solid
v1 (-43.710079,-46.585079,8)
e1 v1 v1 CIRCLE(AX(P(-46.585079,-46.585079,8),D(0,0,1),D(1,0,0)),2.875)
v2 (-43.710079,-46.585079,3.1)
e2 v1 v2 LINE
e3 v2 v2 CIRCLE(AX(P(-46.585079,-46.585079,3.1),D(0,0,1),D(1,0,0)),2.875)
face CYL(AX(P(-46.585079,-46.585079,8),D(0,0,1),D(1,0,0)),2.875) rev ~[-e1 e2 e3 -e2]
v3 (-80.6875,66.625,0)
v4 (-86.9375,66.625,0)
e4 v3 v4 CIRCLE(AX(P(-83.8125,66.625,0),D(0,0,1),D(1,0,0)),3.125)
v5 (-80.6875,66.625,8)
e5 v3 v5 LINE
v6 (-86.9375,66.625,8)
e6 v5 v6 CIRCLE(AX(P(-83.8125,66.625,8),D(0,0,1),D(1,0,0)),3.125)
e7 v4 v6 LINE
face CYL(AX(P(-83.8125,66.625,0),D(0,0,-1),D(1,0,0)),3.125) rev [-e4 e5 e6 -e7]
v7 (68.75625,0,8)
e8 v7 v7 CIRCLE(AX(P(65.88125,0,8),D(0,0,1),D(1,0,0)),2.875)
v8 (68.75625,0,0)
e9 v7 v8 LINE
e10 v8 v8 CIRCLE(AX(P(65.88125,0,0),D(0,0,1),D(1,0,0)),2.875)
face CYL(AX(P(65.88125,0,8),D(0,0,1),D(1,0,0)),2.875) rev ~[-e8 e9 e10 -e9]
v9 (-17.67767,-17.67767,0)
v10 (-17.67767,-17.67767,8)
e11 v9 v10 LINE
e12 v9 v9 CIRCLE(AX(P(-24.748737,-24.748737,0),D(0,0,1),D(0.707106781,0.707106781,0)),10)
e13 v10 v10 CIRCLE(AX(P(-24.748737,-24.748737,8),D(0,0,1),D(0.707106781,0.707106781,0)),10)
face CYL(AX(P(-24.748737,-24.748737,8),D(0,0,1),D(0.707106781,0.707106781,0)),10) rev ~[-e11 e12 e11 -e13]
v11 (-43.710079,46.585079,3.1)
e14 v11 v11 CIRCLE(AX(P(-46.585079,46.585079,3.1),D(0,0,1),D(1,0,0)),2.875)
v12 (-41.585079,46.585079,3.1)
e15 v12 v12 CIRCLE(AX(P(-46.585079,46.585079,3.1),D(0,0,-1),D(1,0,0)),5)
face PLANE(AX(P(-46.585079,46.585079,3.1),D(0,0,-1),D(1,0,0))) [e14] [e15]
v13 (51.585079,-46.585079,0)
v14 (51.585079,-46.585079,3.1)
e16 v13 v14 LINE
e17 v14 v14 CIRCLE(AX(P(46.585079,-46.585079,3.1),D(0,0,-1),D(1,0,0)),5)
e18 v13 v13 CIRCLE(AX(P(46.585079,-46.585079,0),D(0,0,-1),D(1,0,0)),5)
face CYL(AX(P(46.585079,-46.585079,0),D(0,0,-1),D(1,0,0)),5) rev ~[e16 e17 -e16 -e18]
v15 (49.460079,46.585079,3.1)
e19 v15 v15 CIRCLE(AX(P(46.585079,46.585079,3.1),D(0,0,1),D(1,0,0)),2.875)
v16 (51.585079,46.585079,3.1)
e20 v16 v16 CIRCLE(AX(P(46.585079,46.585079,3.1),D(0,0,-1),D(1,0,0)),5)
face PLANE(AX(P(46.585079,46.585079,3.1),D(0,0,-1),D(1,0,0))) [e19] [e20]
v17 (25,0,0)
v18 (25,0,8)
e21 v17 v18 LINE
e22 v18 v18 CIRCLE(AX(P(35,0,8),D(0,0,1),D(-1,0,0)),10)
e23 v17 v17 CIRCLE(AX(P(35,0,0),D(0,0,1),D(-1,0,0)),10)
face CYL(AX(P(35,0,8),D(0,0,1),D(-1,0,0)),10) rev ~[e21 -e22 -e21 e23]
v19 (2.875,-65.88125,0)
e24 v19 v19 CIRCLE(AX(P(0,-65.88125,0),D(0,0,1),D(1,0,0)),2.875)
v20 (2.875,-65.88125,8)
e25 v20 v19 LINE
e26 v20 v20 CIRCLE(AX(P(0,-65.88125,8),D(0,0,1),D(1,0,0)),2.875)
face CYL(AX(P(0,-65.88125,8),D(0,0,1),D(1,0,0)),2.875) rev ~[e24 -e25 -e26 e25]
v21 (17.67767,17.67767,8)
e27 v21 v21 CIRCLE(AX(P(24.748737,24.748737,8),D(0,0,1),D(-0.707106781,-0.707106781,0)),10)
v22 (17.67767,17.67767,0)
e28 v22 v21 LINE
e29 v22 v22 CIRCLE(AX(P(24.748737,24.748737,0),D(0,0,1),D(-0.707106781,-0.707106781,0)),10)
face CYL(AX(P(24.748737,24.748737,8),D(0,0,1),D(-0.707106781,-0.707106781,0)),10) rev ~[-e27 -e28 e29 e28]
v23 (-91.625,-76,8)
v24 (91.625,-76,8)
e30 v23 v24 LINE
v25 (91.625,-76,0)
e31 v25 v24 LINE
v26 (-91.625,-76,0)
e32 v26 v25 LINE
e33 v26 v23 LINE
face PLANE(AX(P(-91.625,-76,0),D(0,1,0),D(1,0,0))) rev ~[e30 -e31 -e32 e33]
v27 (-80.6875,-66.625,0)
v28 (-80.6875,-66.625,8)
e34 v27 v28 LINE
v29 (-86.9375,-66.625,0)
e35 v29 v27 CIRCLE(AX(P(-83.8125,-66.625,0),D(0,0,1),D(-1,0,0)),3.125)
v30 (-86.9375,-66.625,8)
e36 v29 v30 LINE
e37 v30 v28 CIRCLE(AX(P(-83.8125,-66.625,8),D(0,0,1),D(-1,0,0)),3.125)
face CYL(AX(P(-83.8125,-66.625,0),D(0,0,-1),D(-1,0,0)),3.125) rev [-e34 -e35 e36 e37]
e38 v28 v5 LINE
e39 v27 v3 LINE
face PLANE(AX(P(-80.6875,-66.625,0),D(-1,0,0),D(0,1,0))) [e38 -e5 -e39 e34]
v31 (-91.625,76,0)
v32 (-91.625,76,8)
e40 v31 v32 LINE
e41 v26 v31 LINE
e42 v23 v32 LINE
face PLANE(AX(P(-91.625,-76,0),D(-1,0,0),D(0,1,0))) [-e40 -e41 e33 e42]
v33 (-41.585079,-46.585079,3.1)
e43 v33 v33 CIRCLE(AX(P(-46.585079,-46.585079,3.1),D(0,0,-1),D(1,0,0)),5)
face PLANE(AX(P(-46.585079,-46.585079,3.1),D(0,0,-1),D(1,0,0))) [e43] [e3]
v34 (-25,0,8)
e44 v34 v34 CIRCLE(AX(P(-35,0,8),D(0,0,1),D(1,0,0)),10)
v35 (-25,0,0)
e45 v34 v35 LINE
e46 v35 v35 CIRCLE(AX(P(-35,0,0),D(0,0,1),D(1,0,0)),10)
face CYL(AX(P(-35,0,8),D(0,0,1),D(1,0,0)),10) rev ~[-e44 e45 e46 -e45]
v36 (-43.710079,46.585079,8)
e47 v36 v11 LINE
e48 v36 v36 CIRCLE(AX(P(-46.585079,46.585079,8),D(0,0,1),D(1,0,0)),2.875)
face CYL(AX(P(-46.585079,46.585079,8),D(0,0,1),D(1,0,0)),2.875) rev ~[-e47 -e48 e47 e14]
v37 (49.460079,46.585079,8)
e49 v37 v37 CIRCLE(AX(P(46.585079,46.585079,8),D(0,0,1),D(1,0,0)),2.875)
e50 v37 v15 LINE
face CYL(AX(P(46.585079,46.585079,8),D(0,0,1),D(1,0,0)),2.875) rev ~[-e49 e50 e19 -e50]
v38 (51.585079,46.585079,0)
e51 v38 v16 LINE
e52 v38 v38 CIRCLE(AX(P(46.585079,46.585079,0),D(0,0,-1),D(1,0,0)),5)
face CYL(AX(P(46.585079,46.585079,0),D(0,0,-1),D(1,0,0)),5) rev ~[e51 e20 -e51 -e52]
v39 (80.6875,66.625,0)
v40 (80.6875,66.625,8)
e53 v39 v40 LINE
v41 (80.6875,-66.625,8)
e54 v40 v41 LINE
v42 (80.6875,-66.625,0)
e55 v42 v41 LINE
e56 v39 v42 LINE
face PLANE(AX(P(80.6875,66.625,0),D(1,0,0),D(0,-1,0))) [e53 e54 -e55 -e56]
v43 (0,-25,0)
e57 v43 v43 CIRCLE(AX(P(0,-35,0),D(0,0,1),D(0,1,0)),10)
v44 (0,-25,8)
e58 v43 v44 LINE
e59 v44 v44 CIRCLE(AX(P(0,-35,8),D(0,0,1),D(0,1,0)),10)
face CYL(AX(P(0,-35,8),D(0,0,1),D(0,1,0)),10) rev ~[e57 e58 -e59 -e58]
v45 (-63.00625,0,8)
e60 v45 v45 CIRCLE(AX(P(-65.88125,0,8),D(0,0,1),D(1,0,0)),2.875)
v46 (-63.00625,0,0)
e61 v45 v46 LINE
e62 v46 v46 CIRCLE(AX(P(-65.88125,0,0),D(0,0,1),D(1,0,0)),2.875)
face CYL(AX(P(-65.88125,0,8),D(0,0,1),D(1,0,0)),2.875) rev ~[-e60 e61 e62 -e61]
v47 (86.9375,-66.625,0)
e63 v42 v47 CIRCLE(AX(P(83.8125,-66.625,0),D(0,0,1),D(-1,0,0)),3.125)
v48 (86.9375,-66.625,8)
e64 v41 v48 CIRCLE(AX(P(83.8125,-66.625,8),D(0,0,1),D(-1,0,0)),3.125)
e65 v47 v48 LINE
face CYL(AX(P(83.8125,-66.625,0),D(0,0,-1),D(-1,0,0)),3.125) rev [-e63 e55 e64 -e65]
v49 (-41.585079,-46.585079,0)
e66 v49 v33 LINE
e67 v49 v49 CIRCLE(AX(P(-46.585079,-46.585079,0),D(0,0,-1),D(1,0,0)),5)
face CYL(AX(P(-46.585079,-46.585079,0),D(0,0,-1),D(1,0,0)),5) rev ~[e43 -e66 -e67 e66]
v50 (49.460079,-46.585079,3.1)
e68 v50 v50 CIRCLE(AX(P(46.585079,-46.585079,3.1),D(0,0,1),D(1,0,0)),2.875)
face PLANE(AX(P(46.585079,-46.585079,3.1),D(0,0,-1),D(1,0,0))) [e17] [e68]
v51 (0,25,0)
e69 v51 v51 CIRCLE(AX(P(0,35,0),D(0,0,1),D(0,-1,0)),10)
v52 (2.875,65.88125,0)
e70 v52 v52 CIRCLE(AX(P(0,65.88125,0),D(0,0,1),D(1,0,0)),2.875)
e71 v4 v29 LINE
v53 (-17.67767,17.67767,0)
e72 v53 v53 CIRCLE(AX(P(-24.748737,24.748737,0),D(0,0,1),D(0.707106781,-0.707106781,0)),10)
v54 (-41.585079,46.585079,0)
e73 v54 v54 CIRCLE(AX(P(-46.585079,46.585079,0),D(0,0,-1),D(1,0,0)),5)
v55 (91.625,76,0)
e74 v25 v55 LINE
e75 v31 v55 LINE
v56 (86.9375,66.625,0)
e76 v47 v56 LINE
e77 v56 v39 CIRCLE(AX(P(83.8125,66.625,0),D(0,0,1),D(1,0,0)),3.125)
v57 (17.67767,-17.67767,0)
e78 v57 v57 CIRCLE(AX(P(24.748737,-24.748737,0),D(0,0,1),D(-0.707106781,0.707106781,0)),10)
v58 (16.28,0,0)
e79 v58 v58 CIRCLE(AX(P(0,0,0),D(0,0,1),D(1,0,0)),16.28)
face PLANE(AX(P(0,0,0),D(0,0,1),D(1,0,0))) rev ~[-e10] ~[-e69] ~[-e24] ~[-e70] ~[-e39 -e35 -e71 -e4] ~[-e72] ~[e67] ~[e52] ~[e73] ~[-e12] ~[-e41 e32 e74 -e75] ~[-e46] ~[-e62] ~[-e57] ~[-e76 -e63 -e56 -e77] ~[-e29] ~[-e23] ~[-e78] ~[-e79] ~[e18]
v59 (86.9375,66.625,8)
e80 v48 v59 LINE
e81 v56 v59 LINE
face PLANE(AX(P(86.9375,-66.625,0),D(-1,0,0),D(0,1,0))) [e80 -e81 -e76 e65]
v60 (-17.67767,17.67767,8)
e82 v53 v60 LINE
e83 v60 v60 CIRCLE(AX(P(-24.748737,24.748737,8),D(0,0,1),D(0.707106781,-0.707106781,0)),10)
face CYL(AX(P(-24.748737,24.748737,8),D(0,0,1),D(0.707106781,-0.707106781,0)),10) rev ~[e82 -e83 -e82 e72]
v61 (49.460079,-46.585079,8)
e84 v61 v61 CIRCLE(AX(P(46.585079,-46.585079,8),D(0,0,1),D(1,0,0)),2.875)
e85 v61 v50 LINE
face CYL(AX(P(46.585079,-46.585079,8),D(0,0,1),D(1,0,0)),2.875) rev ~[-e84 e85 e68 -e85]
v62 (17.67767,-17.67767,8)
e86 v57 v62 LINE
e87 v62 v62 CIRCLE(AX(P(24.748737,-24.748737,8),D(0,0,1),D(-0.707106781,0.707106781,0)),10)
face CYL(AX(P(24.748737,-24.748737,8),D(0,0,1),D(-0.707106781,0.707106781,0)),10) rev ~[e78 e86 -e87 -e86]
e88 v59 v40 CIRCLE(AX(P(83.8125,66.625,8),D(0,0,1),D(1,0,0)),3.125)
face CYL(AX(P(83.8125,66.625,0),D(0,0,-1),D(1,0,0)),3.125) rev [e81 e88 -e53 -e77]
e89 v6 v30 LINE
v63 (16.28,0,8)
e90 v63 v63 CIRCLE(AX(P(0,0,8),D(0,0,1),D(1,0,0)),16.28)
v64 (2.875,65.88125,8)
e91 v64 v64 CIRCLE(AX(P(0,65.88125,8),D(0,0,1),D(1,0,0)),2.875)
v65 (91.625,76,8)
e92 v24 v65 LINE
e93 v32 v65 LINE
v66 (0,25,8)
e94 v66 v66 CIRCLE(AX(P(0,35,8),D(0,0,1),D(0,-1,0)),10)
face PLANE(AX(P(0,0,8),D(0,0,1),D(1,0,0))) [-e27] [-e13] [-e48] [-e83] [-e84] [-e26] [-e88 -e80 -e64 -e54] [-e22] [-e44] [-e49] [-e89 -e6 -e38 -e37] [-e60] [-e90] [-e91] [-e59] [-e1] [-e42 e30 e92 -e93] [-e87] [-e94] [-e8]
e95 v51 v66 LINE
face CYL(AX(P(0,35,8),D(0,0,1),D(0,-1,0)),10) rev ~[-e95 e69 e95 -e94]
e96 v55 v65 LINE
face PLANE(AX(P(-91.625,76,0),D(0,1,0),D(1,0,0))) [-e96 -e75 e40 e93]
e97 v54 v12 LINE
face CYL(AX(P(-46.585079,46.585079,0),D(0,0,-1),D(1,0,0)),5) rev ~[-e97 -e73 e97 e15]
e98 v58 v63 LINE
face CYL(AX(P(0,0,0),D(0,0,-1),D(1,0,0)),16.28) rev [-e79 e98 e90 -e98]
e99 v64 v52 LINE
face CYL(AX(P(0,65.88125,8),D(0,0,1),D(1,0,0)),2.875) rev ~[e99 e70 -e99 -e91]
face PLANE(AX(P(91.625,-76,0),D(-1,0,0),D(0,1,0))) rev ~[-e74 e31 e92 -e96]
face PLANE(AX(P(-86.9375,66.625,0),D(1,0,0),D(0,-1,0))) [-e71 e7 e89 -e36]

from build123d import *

# Parameters (mm, degrees)
SKETCH018_W           = 183.25
SKETCH018_H           = 152
SKETCH018_R           = 16.28
PAD006_DEPTH          = 8
SKETCH019_R           = 2.875
POCKET007_DEPTH       = 100
POCKET007_DEPTH_BACK  = 100
SKETCH020_R           = 5
POCKET008_DEPTH       = 3.1
SKETCH021_R           = 10
POCKET009_DEPTH       = 100
POCKET009_DEPTH_BACK  = 100
POLARPATTERN002_COUNT = 8


with BuildPart() as part:
    # Sketch018 → Pad006 (new body)
    with BuildSketch(Plane.XY):
        Rectangle(SKETCH018_W, SKETCH018_H)
        Circle(SKETCH018_R, mode=Mode.SUBTRACT)
        with BuildLine():
            ThreePointArc((-80.6875, 66.625), (-83.8125, 69.75), (-86.9375, 66.625))
            Line((-86.9375, 66.625), (-86.9375, -66.625))
            ThreePointArc((-86.9375, -66.625), (-83.8125, -69.75), (-80.6875, -66.625))
            Line((-80.6875, -66.625), (-80.6875, 66.625))
        make_face(mode=Mode.SUBTRACT)
        with BuildLine():
            ThreePointArc((86.9375, 66.625), (83.8125, 69.75), (80.6875, 66.625))
            Line((80.6875, 66.625), (80.6875, -66.625))
            ThreePointArc((80.6875, -66.625), (83.8125, -69.75), (86.9375, -66.625))
            Line((86.9375, -66.625), (86.9375, 66.625))
        make_face(mode=Mode.SUBTRACT)
    extrude(amount=PAD006_DEPTH)

    # Sketch019 (on Face15 of Pad006) → Pocket007 (cut, two sides)
    with BuildSketch(Plane.XY.offset(8)) as pocket007_sk:
        with Locations((-46.585079, 46.585079)):
            Circle(SKETCH019_R)
        with Locations((-46.585079, -46.585079)):
            Circle(SKETCH019_R)
        with Locations((46.585079, 46.585079)):
            Circle(SKETCH019_R)
        with Locations((46.585079, -46.585079)):
            Circle(SKETCH019_R)
        with Locations((-65.88125, 0)):
            Circle(SKETCH019_R)
        with Locations((0, -65.88125)):
            Circle(SKETCH019_R)
        with Locations((65.88125, 0)):
            Circle(SKETCH019_R)
        with Locations((0, 65.88125)):
            Circle(SKETCH019_R)
    extrude(amount=-POCKET007_DEPTH, mode=Mode.SUBTRACT)
    extrude(pocket007_sk.sketch, amount=POCKET007_DEPTH_BACK, mode=Mode.SUBTRACT)

    # Sketch020 (on Face4 of Pocket007) → Pocket008 (cut)
    with BuildSketch(Plane(origin=(0, 0, 0), x_dir=(1, 0, 0), z_dir=(0, 0, -1))):
        with Locations((-46.585079, 46.585079)):
            Circle(SKETCH020_R)
        with Locations((46.585079, 46.585079)):
            Circle(SKETCH020_R)
        with Locations((46.585079, -46.585079)):
            Circle(SKETCH020_R)
        with Locations((-46.585079, -46.585079)):
            Circle(SKETCH020_R)
    extrude(amount=-POCKET008_DEPTH, mode=Mode.SUBTRACT)

    # Sketch021 (on Face5 of Pocket008) → Pocket009 (cut, two sides)
    with BuildSketch(Plane.XY.offset(8)) as pocket009_sk:
        with Locations((-35, 0)):
            Circle(SKETCH021_R)
    pocket009 = extrude(amount=-POCKET009_DEPTH, mode=Mode.SUBTRACT) + extrude(pocket009_sk.sketch, amount=POCKET009_DEPTH_BACK, mode=Mode.SUBTRACT)

    # PolarPattern002: Pocket009 ×8 about axis
    polarpattern002_axis = Axis((0, 0, 8), (0, 0, 1))
    for i in range(1, POLARPATTERN002_COUNT):
        add(pocket009.rotate(polarpattern002_axis, i * 360 / POLARPATTERN002_COUNT), mode=Mode.SUBTRACT)


solid = part.part
